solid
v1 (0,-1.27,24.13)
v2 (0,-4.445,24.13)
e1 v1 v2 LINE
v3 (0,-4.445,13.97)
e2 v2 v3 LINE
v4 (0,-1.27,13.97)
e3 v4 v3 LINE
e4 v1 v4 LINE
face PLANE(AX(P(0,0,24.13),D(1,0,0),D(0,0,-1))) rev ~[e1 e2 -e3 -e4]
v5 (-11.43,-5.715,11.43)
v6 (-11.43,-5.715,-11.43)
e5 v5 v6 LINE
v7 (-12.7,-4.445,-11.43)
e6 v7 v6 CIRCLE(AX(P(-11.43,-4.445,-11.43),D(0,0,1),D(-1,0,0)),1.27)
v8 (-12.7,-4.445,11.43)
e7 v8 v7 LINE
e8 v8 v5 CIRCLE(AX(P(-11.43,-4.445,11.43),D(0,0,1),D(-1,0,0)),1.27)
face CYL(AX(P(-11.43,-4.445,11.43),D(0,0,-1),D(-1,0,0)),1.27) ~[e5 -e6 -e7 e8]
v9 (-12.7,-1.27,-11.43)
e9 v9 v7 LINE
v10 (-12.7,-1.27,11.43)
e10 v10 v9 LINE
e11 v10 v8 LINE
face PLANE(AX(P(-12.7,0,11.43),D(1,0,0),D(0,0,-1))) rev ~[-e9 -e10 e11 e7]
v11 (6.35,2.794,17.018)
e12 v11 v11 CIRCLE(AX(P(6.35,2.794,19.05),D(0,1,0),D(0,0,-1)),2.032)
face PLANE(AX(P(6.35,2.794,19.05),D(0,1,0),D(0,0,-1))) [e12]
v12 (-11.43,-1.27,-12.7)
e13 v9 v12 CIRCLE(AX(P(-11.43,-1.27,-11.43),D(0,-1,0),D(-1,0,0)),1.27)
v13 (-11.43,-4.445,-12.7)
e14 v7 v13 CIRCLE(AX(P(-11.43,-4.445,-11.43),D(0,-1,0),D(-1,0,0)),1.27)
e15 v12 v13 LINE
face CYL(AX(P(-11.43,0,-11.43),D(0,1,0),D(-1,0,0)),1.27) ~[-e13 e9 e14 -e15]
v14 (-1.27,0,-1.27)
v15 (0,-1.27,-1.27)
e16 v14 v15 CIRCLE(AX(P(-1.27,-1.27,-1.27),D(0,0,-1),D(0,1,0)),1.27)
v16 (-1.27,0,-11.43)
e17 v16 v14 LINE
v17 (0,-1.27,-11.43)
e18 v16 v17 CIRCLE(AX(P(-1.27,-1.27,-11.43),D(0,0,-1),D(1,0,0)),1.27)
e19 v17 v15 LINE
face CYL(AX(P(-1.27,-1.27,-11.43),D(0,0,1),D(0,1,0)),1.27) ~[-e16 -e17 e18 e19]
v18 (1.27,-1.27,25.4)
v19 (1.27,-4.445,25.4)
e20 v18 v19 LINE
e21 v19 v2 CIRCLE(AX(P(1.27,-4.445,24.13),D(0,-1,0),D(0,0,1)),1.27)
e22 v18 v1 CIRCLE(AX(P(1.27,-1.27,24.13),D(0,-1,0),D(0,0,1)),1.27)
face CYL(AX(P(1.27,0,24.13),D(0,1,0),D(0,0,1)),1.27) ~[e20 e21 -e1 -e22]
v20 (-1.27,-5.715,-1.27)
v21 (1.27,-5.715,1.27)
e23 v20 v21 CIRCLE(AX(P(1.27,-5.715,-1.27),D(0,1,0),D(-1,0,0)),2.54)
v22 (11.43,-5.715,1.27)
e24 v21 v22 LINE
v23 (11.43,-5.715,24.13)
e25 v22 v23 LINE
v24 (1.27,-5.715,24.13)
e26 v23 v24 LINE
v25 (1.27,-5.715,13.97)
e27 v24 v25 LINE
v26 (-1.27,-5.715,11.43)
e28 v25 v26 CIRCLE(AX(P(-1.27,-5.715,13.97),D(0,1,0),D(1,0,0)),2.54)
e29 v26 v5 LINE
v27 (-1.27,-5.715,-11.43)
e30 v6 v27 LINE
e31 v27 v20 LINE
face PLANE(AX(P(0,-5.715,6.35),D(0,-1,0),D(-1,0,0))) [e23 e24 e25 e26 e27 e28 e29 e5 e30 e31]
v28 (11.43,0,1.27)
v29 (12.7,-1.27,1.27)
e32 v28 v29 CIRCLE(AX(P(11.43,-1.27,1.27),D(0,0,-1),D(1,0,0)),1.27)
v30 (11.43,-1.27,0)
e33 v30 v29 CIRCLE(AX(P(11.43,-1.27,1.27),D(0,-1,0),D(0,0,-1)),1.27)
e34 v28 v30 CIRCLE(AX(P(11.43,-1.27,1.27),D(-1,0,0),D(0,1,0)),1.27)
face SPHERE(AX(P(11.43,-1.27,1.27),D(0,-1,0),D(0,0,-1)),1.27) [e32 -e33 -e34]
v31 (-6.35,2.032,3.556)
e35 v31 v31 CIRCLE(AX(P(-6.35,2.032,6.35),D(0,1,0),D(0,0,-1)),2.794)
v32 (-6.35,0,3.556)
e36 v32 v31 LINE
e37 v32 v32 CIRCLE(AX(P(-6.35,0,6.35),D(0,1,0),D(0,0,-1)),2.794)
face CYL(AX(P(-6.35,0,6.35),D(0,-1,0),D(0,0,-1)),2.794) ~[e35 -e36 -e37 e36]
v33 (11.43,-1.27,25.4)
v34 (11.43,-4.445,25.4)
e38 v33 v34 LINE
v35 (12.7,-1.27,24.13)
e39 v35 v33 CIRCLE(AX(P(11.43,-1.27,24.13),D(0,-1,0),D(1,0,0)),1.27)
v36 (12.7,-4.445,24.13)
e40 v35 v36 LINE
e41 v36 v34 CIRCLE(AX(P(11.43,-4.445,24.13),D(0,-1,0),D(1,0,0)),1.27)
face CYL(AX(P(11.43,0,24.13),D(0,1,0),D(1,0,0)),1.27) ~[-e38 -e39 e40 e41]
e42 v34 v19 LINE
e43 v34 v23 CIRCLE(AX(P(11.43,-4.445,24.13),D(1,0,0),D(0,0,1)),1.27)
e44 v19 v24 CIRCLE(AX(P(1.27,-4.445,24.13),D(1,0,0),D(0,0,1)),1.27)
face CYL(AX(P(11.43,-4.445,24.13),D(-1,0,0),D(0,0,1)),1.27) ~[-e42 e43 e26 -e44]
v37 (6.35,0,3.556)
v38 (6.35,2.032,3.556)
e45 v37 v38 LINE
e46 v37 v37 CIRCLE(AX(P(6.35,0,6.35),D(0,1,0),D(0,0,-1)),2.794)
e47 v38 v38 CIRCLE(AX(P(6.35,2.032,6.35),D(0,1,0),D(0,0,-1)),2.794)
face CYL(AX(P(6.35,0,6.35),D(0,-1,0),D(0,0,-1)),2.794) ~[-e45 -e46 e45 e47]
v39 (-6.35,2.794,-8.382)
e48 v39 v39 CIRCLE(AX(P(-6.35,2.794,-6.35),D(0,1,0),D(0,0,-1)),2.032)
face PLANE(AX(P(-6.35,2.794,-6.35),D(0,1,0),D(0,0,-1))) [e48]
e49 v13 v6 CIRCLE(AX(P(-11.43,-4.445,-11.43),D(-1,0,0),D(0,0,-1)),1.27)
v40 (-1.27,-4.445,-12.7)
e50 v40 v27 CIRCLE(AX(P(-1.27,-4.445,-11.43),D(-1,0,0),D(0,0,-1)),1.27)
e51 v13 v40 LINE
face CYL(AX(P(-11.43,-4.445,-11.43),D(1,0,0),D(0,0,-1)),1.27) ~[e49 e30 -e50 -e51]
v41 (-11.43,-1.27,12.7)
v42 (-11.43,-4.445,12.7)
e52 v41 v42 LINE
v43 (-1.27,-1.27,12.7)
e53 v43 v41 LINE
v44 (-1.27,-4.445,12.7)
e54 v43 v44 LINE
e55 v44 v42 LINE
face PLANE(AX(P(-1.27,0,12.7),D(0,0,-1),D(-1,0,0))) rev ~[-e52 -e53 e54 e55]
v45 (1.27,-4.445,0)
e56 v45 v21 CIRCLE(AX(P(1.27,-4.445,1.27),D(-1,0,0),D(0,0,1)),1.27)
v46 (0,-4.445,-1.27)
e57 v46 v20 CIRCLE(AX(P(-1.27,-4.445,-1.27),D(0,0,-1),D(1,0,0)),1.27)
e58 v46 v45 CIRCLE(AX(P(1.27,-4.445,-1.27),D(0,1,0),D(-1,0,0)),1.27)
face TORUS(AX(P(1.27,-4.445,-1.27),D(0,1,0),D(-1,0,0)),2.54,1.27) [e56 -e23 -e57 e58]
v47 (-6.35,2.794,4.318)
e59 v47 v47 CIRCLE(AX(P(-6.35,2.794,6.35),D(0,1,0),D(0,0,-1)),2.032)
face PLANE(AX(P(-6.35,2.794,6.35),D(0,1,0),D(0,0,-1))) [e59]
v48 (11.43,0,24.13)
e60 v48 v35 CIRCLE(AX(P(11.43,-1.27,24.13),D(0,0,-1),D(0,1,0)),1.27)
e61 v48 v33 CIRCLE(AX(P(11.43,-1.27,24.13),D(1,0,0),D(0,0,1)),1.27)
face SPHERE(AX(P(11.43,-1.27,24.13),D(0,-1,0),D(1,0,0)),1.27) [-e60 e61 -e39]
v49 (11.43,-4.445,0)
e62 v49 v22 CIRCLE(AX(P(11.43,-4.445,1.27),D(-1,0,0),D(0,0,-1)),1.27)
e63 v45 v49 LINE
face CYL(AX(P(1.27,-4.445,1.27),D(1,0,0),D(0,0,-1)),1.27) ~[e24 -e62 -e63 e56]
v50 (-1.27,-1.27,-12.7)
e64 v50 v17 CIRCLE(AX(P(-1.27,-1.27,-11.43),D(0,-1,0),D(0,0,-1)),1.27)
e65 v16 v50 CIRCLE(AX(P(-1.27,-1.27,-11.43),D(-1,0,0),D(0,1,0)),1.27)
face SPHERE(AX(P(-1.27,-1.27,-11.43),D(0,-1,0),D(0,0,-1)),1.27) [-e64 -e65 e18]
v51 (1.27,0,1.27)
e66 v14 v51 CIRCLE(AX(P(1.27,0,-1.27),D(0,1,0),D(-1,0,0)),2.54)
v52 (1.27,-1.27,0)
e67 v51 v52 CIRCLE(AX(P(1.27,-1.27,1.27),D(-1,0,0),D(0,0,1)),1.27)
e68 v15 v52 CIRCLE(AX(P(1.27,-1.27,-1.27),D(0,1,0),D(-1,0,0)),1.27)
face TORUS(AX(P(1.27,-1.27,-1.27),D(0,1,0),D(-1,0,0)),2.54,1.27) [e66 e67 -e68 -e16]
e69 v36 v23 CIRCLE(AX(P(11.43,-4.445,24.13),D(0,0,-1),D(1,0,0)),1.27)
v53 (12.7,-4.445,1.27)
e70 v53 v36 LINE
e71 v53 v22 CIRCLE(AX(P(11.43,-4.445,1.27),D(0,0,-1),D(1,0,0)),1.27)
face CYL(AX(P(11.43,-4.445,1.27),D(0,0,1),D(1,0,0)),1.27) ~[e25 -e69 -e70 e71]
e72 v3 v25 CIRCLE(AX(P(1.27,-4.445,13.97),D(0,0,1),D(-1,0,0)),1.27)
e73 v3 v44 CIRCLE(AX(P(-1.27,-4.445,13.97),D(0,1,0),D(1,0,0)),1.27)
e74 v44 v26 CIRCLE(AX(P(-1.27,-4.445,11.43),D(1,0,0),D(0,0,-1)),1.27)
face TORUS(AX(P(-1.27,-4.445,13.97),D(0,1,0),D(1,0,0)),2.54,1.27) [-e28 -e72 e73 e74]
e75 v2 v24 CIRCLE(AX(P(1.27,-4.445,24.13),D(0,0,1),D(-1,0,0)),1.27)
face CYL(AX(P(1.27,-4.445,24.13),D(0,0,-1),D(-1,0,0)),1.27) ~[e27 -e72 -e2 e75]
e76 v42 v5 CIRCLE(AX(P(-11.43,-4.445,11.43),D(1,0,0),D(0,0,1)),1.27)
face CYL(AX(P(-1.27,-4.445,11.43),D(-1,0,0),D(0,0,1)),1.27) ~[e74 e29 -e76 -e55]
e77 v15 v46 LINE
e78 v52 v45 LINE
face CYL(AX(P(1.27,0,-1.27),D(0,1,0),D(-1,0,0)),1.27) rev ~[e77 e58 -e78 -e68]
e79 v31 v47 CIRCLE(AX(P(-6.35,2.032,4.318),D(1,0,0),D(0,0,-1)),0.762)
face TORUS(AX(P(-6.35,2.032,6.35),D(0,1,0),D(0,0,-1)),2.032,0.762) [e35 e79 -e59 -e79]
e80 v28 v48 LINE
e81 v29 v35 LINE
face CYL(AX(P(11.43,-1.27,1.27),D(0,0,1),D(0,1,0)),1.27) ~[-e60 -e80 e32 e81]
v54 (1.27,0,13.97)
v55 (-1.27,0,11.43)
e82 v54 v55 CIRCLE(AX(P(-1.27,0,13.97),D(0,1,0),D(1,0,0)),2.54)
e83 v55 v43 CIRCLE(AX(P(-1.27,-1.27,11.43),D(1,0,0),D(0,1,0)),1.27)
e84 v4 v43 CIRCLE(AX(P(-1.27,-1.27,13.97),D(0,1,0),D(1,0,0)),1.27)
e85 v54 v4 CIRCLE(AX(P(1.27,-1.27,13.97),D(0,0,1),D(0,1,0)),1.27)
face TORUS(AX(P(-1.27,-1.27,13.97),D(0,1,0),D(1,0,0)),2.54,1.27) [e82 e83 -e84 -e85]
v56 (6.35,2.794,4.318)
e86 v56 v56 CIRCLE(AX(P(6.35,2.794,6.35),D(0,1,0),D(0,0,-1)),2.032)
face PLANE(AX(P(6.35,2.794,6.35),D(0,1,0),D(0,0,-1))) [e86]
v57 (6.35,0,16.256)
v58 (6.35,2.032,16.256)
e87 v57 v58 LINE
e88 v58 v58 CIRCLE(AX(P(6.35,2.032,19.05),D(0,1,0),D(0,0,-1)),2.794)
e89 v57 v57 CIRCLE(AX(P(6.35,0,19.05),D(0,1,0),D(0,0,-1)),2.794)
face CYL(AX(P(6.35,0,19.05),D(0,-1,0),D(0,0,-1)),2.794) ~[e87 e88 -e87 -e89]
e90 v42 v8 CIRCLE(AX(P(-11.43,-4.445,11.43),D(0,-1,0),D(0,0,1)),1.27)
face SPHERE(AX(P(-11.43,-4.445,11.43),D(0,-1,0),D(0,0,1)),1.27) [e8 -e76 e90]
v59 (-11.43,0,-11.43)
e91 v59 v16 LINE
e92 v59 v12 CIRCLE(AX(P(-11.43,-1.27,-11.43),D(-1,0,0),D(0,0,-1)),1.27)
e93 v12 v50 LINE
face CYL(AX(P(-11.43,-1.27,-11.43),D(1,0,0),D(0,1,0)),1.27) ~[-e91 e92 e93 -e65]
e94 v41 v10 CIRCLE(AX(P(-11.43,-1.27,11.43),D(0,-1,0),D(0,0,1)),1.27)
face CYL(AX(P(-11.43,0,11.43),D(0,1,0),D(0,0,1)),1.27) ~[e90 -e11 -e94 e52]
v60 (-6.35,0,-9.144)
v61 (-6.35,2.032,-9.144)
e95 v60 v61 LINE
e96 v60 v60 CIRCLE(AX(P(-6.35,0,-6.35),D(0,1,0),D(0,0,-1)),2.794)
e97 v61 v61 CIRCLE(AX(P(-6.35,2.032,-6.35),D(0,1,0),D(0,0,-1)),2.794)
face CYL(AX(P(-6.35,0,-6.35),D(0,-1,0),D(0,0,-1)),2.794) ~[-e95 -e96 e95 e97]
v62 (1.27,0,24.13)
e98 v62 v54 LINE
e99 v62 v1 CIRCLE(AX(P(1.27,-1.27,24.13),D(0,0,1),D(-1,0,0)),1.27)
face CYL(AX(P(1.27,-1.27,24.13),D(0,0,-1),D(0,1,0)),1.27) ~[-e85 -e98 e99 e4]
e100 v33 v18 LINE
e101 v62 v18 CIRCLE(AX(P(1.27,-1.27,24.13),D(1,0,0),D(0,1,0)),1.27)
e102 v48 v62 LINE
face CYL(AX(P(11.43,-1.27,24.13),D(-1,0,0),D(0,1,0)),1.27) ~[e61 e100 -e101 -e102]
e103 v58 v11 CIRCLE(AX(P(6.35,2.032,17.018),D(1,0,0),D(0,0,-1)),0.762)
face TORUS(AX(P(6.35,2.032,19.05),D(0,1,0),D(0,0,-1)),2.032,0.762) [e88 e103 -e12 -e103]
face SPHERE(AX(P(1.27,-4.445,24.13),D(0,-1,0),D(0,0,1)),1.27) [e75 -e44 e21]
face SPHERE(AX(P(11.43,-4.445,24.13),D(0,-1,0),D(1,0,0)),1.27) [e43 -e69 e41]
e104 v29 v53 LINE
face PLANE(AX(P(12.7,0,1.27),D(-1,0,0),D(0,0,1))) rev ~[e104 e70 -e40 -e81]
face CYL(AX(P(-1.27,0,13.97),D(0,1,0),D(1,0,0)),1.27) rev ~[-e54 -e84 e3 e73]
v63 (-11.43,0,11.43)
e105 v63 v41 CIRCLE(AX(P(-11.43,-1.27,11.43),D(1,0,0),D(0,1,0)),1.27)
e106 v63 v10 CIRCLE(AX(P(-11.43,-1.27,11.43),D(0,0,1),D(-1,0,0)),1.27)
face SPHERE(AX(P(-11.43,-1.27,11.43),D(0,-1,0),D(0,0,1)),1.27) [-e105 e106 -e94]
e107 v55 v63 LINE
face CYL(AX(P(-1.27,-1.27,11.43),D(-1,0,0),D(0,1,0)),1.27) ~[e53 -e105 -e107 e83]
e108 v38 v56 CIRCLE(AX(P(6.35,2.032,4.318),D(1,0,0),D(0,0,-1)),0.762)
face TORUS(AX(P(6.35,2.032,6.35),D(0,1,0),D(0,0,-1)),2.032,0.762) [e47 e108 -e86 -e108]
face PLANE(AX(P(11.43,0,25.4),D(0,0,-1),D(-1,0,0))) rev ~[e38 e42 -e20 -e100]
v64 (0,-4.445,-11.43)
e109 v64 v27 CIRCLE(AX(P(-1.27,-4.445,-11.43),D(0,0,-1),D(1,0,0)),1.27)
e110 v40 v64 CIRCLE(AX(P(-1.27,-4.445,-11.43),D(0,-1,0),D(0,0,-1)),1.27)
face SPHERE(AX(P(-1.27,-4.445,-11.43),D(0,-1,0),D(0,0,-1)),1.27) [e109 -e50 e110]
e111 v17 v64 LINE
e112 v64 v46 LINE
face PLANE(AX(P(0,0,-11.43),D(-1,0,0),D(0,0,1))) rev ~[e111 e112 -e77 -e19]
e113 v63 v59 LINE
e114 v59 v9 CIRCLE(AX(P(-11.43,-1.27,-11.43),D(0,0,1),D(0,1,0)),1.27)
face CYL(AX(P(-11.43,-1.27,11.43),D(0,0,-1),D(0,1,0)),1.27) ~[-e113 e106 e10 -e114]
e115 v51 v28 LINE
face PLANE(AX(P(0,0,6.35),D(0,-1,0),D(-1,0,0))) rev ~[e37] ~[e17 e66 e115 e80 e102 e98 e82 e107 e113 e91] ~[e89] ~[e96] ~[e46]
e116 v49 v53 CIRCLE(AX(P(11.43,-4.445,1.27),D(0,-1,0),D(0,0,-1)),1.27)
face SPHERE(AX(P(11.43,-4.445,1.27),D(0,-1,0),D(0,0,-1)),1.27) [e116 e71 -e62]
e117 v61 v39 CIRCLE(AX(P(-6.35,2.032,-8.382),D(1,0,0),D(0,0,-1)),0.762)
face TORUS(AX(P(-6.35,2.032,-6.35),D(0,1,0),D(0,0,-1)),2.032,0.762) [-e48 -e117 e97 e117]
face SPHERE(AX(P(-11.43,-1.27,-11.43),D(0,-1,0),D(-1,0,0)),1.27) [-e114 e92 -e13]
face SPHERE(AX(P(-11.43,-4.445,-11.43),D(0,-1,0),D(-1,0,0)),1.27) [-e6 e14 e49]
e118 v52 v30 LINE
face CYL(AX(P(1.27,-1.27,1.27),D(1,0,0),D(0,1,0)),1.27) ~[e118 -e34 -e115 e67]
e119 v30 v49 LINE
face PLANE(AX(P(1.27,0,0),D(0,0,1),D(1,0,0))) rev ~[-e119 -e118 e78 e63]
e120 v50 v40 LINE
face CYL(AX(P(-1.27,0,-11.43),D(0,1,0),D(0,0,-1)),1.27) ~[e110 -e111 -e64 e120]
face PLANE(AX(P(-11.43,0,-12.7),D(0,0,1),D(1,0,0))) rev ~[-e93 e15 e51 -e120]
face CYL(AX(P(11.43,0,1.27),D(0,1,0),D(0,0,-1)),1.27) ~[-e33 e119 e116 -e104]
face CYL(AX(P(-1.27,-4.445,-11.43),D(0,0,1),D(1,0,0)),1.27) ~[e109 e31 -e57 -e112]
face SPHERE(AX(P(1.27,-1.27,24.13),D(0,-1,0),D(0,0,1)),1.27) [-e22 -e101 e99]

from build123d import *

# Parameters (mm, degrees)
BOSS_EXTRUDE1_DEPTH = 5.715
SKETCH2_R           = 2.794
BOSS_EXTRUDE2_DEPTH = 2.794
FILLET4_R           = 1.27
FILLET5_R           = 1.27
FILLET7_R           = 0.762


with BuildPart() as part:
    # Sketch1 → Boss-Extrude1 (new body)
    with BuildSketch(Plane(origin=(0, 0, 0), x_dir=(1, 0, 0), z_dir=(0, 1, 0))):
        with BuildLine():
            Line((-11.43, 12.7), (-1.27, 12.7))
            ThreePointArc((-1.27, 12.7), (-0.371974388, 12.328025612), (0, 11.43))
            Line((0, 11.43), (0, 1.27))
            ThreePointArc((0, 1.27), (0.371974388, 0.371974388), (1.27, 0))
            Line((1.27, 0), (11.43, 0))
            ThreePointArc((11.43, 0), (12.328025612, -0.371974388), (12.7, -1.27))
            Line((12.7, -1.27), (12.7, -24.13))
            ThreePointArc((12.7, -24.13), (12.328025612, -25.028025612), (11.43, -25.4))
            Line((11.43, -25.4), (1.27, -25.4))
            ThreePointArc((1.27, -25.4), (0.371974388, -25.028025612), (0, -24.13))
            Line((0, -24.13), (0, -13.97))
            ThreePointArc((0, -13.97), (-0.371974388, -13.071974388), (-1.27, -12.7))
            Line((-1.27, -12.7), (-11.43, -12.7))
            ThreePointArc((-11.43, -12.7), (-12.328025612, -12.328025612), (-12.7, -11.43))
            Line((-12.7, -11.43), (-12.7, 11.43))
            ThreePointArc((-12.7, 11.43), (-12.328025612, 12.328025612), (-11.43, 12.7))
        make_face()
    extrude(amount=-BOSS_EXTRUDE1_DEPTH)

    # Sketch2 → Boss-Extrude2 (add)
    with BuildSketch(Plane(origin=(0, 0, 0), x_dir=(1, 0, 0), z_dir=(0, 1, 0))):
        with Locations(Location((-6.35, 6.35, 0), (0, 0, 90))):
            Circle(SKETCH2_R)
        with Locations(Location((-6.35, -6.35, 0), (0, 0, 90))):
            Circle(SKETCH2_R)
        with Locations(Location((6.35, -6.35, 0), (0, 0, 90))):
            Circle(SKETCH2_R)
        with Locations(Location((6.35, -19.05, 0), (0, 0, 90))):
            Circle(SKETCH2_R)
    extrude(amount=BOSS_EXTRUDE2_DEPTH)

    # Fillet4
    fillet4_edges = [part.edges().sort_by_distance(p)[0] for p in [
        (-6.35, 0, 12.7),
        (-0.371974388, 0, 13.071974388),
        (0, 0, 19.05),
        (0.371974388, 0, 25.028025612),
        (6.35, 0, 25.4),
        (12.328025612, 0, 25.028025612),
        (12.7, 0, 12.7),
        (12.328025612, 0, 0.371974388),
        (6.35, 0, 0),
        (0.371974388, 0, -0.371974388),
        (0, 0, -6.35),
        (-0.371974388, 0, -12.328025612),
        (-6.35, 0, -12.7),
        (-12.328025612, 0, -12.328025612),
        (-12.7, 0, 0),
        (-12.328025612, 0, 12.328025612),
    ]]
    fillet(fillet4_edges, radius=FILLET4_R)

    # Fillet5
    fillet5_edges = [part.edges().sort_by_distance(p)[0] for p in [
        (-12.328025612, -5.715, -12.328025612),
        (-6.35, -5.715, -12.7),
        (-0.371974388, -5.715, -12.328025612),
        (0, -5.715, -6.35),
        (0.371974388, -5.715, -0.371974388),
        (6.35, -5.715, 0),
        (12.328025612, -5.715, 0.371974388),
        (12.7, -5.715, 12.7),
        (12.328025612, -5.715, 25.028025612),
        (6.35, -5.715, 25.4),
        (-12.328025612, -5.715, 12.328025612),
        (0.371974388, -5.715, 25.028025612),
        (0, -5.715, 19.05),
        (-0.371974388, -5.715, 13.071974388),
        (-6.35, -5.715, 12.7),
        (-12.7, -5.715, 0),
    ]]
    fillet(fillet5_edges, radius=FILLET5_R)

    # Fillet7
    fillet7_edges = [part.edges().sort_by_distance(p)[0] for p in [
        (-6.35, 2.794, -3.556),
        (-6.35, 2.794, 9.144),
        (6.35, 2.794, 9.144),
        (6.35, 2.794, 21.844),
    ]]
    fillet(fillet7_edges, radius=FILLET7_R)


solid = part.part
